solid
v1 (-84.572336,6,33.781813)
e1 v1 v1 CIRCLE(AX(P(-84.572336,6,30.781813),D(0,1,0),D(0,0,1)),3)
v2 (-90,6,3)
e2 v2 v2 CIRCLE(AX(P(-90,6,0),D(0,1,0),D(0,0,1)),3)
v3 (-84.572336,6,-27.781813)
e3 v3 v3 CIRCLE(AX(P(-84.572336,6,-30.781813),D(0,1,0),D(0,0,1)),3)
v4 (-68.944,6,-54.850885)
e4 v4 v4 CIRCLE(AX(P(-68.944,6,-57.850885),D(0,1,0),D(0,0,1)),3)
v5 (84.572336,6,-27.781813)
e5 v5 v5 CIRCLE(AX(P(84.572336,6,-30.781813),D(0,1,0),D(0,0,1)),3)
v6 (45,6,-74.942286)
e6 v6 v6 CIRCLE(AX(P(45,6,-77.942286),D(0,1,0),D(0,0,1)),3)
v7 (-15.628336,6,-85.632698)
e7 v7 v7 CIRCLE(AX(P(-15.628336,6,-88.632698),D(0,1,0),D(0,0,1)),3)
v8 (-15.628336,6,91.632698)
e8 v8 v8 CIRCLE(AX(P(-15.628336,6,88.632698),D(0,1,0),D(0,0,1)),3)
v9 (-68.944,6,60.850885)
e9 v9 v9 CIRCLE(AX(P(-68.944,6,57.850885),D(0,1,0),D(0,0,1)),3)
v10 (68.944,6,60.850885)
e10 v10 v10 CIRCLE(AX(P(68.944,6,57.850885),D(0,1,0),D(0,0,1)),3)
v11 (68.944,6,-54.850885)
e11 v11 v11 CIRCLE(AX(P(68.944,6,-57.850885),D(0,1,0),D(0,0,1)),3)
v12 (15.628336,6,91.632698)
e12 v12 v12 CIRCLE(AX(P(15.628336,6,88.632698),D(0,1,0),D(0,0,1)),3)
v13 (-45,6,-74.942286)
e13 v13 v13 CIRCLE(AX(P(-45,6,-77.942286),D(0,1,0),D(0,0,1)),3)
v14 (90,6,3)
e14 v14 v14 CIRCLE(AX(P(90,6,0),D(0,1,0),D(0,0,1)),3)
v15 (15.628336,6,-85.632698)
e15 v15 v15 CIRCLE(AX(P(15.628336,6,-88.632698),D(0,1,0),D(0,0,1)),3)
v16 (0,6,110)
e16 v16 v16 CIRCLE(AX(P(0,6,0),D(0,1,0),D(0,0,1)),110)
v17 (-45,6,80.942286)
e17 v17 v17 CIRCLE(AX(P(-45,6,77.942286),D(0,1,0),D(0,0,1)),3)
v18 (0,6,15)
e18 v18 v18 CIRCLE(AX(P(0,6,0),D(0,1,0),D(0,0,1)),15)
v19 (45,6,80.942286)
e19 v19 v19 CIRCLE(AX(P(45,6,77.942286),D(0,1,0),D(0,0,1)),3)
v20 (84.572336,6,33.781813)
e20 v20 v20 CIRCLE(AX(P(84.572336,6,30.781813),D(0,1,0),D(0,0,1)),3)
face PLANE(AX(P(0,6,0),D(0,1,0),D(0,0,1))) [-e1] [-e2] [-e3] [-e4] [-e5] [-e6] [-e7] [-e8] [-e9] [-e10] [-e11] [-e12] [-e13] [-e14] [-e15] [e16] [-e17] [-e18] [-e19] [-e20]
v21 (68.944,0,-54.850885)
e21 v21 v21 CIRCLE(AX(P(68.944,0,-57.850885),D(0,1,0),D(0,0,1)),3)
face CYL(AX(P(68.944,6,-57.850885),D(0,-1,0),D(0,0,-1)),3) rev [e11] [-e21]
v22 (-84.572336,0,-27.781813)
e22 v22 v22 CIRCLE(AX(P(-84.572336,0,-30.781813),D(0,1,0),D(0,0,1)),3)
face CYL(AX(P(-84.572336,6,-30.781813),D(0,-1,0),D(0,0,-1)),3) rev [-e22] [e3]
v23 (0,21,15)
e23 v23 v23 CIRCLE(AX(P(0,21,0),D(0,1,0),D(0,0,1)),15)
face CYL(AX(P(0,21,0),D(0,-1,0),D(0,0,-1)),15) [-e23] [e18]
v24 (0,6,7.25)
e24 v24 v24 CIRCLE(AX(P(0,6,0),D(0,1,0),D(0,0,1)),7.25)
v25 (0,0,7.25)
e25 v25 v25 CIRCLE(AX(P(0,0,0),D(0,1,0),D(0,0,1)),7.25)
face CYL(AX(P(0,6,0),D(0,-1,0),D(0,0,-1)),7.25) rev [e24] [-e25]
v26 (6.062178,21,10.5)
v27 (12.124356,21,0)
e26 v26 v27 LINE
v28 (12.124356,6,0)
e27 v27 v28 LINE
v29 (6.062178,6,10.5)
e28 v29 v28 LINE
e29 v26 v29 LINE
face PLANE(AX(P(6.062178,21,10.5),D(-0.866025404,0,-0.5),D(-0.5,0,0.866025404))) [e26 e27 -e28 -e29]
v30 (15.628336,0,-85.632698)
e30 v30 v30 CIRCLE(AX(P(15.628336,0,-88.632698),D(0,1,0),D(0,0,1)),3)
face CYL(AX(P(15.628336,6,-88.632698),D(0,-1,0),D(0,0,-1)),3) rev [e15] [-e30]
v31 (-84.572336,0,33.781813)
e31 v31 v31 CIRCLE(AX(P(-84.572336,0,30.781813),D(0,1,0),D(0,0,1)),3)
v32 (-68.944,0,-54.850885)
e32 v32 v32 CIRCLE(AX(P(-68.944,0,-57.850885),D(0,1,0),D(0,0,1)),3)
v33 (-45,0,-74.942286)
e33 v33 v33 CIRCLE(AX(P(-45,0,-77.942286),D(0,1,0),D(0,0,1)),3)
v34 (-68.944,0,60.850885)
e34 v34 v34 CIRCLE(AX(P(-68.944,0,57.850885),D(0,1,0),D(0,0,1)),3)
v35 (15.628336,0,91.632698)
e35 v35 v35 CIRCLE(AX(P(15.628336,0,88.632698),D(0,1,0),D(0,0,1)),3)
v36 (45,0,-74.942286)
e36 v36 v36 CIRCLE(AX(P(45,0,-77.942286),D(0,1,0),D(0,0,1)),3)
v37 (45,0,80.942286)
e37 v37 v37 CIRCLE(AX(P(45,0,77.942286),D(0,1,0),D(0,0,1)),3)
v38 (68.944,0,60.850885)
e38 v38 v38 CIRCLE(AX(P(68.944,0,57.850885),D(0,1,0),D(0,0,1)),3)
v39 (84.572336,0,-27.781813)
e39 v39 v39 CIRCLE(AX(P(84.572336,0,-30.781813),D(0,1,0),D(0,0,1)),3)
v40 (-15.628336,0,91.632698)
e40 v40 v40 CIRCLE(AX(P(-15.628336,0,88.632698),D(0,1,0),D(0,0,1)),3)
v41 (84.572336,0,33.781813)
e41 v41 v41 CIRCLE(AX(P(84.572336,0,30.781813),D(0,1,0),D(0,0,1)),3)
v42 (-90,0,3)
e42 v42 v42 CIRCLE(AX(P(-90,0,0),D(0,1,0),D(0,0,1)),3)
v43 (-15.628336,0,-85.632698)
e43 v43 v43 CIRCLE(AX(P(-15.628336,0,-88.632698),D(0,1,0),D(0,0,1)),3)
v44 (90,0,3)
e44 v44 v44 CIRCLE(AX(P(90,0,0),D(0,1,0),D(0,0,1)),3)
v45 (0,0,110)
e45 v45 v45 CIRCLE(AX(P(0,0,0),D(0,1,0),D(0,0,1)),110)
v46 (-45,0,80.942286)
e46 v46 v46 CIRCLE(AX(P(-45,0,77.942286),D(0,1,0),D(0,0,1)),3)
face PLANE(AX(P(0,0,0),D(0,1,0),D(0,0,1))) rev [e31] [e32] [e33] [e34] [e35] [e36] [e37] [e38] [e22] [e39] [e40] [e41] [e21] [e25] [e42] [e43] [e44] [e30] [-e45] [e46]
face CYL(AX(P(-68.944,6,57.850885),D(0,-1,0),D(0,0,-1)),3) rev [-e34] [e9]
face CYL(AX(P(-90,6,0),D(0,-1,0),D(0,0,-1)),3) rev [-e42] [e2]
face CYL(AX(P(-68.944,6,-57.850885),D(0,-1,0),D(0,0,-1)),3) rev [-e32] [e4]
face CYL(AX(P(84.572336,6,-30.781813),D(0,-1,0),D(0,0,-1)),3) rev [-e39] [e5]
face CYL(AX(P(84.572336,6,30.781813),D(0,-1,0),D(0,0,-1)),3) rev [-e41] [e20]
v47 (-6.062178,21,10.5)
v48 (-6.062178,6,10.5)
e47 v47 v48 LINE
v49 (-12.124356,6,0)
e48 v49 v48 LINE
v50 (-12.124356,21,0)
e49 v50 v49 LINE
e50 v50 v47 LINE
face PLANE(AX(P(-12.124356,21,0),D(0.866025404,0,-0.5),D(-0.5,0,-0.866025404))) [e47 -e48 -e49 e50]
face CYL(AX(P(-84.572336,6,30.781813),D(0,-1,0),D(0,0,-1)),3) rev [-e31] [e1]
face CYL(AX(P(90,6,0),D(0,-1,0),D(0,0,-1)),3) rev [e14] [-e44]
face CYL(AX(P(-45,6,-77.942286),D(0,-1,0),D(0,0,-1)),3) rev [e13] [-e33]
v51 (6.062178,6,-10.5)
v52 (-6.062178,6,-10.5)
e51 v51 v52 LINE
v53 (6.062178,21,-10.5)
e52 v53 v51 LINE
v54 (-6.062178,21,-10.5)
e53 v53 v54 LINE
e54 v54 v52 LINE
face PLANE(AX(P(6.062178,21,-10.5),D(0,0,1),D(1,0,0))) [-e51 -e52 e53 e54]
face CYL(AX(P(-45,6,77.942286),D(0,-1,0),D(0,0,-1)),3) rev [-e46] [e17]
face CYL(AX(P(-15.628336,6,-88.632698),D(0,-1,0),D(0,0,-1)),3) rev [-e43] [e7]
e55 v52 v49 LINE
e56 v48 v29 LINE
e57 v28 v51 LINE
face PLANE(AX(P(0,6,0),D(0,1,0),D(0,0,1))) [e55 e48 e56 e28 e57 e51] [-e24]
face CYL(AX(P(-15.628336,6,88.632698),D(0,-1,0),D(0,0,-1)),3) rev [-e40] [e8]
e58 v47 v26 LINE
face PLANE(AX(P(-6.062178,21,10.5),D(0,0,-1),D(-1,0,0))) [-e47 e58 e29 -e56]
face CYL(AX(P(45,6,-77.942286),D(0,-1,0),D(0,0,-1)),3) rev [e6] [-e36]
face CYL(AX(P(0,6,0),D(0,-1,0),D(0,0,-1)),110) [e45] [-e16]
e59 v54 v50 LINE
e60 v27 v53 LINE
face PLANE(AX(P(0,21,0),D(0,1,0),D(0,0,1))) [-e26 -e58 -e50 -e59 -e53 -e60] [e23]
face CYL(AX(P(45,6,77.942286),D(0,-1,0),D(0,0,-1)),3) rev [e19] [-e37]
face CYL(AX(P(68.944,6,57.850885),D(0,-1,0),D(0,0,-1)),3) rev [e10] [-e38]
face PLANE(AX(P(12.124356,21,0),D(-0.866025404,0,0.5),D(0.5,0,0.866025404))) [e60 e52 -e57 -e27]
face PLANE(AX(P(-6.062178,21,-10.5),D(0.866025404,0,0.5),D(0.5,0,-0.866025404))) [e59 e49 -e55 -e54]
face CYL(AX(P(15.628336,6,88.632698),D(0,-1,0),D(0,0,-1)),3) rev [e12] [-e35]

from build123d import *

# Parameters (mm, degrees)
SKETCH1_R           = 110
SKETCH1_R_2         = 3
SKETCH1_R_3         = 7.25
BOSS_EXTRUDE1_DEPTH = 6
SKETCH3_R           = 15
BOSS_EXTRUDE2_DEPTH = 15


with BuildPart() as part:
    # Sketch1 → Boss-Extrude1 (new body)
    with BuildSketch(Plane(origin=(0, 0, 0), x_dir=(1, 0, 0), z_dir=(0, 1, 0))):
        Circle(SKETCH1_R)
        with Locations((-90, 0)):
            Circle(SKETCH1_R_2, mode=Mode.SUBTRACT)
        with Locations((-84.572335871, 30.781812899)):
            Circle(SKETCH1_R_2, mode=Mode.SUBTRACT)
        with Locations((-68.943999881, 57.850884872)):
            Circle(SKETCH1_R_2, mode=Mode.SUBTRACT)
        with Locations((-45, 77.942286341)):
            Circle(SKETCH1_R_2, mode=Mode.SUBTRACT)
        with Locations((-15.62833599, 88.632697771)):
            Circle(SKETCH1_R_2, mode=Mode.SUBTRACT)
        with Locations((15.62833599, 88.632697771)):
            Circle(SKETCH1_R_2, mode=Mode.SUBTRACT)
        with Locations((45, 77.942286341)):
            Circle(SKETCH1_R_2, mode=Mode.SUBTRACT)
        with Locations((68.943999881, 57.850884872)):
            Circle(SKETCH1_R_2, mode=Mode.SUBTRACT)
        with Locations((84.572335871, 30.781812899)):
            Circle(SKETCH1_R_2, mode=Mode.SUBTRACT)
        with Locations((90, 0)):
            Circle(SKETCH1_R_2, mode=Mode.SUBTRACT)
        with Locations((84.572335871, -30.781812899)):
            Circle(SKETCH1_R_2, mode=Mode.SUBTRACT)
        with Locations((68.943999881, -57.850884872)):
            Circle(SKETCH1_R_2, mode=Mode.SUBTRACT)
        with Locations((45, -77.942286341)):
            Circle(SKETCH1_R_2, mode=Mode.SUBTRACT)
        with Locations((15.62833599, -88.632697771)):
            Circle(SKETCH1_R_2, mode=Mode.SUBTRACT)
        with Locations((-15.62833599, -88.632697771)):
            Circle(SKETCH1_R_2, mode=Mode.SUBTRACT)
        with Locations((-45, -77.942286341)):
            Circle(SKETCH1_R_2, mode=Mode.SUBTRACT)
        with Locations((-68.943999881, -57.850884872)):
            Circle(SKETCH1_R_2, mode=Mode.SUBTRACT)
        with Locations((-84.572335871, -30.781812899)):
            Circle(SKETCH1_R_2, mode=Mode.SUBTRACT)
        Circle(SKETCH1_R_3, mode=Mode.SUBTRACT)
    extrude(amount=BOSS_EXTRUDE1_DEPTH)

    # Sketch3 → Boss-Extrude2 (add)
    with BuildSketch(Plane(origin=(0, 6, 0), x_dir=(1, 0, 0), z_dir=(0, 1, 0))):
        Circle(SKETCH3_R)
        Polygon((-6.062177826, 10.5), (-12.124355653, 0), (-6.062177826, -10.5), (6.062177826, -10.5), (12.124355653, 0), (6.062177826, 10.5), align=None, mode=Mode.SUBTRACT)
    extrude(amount=BOSS_EXTRUDE2_DEPTH)


solid = part.part
